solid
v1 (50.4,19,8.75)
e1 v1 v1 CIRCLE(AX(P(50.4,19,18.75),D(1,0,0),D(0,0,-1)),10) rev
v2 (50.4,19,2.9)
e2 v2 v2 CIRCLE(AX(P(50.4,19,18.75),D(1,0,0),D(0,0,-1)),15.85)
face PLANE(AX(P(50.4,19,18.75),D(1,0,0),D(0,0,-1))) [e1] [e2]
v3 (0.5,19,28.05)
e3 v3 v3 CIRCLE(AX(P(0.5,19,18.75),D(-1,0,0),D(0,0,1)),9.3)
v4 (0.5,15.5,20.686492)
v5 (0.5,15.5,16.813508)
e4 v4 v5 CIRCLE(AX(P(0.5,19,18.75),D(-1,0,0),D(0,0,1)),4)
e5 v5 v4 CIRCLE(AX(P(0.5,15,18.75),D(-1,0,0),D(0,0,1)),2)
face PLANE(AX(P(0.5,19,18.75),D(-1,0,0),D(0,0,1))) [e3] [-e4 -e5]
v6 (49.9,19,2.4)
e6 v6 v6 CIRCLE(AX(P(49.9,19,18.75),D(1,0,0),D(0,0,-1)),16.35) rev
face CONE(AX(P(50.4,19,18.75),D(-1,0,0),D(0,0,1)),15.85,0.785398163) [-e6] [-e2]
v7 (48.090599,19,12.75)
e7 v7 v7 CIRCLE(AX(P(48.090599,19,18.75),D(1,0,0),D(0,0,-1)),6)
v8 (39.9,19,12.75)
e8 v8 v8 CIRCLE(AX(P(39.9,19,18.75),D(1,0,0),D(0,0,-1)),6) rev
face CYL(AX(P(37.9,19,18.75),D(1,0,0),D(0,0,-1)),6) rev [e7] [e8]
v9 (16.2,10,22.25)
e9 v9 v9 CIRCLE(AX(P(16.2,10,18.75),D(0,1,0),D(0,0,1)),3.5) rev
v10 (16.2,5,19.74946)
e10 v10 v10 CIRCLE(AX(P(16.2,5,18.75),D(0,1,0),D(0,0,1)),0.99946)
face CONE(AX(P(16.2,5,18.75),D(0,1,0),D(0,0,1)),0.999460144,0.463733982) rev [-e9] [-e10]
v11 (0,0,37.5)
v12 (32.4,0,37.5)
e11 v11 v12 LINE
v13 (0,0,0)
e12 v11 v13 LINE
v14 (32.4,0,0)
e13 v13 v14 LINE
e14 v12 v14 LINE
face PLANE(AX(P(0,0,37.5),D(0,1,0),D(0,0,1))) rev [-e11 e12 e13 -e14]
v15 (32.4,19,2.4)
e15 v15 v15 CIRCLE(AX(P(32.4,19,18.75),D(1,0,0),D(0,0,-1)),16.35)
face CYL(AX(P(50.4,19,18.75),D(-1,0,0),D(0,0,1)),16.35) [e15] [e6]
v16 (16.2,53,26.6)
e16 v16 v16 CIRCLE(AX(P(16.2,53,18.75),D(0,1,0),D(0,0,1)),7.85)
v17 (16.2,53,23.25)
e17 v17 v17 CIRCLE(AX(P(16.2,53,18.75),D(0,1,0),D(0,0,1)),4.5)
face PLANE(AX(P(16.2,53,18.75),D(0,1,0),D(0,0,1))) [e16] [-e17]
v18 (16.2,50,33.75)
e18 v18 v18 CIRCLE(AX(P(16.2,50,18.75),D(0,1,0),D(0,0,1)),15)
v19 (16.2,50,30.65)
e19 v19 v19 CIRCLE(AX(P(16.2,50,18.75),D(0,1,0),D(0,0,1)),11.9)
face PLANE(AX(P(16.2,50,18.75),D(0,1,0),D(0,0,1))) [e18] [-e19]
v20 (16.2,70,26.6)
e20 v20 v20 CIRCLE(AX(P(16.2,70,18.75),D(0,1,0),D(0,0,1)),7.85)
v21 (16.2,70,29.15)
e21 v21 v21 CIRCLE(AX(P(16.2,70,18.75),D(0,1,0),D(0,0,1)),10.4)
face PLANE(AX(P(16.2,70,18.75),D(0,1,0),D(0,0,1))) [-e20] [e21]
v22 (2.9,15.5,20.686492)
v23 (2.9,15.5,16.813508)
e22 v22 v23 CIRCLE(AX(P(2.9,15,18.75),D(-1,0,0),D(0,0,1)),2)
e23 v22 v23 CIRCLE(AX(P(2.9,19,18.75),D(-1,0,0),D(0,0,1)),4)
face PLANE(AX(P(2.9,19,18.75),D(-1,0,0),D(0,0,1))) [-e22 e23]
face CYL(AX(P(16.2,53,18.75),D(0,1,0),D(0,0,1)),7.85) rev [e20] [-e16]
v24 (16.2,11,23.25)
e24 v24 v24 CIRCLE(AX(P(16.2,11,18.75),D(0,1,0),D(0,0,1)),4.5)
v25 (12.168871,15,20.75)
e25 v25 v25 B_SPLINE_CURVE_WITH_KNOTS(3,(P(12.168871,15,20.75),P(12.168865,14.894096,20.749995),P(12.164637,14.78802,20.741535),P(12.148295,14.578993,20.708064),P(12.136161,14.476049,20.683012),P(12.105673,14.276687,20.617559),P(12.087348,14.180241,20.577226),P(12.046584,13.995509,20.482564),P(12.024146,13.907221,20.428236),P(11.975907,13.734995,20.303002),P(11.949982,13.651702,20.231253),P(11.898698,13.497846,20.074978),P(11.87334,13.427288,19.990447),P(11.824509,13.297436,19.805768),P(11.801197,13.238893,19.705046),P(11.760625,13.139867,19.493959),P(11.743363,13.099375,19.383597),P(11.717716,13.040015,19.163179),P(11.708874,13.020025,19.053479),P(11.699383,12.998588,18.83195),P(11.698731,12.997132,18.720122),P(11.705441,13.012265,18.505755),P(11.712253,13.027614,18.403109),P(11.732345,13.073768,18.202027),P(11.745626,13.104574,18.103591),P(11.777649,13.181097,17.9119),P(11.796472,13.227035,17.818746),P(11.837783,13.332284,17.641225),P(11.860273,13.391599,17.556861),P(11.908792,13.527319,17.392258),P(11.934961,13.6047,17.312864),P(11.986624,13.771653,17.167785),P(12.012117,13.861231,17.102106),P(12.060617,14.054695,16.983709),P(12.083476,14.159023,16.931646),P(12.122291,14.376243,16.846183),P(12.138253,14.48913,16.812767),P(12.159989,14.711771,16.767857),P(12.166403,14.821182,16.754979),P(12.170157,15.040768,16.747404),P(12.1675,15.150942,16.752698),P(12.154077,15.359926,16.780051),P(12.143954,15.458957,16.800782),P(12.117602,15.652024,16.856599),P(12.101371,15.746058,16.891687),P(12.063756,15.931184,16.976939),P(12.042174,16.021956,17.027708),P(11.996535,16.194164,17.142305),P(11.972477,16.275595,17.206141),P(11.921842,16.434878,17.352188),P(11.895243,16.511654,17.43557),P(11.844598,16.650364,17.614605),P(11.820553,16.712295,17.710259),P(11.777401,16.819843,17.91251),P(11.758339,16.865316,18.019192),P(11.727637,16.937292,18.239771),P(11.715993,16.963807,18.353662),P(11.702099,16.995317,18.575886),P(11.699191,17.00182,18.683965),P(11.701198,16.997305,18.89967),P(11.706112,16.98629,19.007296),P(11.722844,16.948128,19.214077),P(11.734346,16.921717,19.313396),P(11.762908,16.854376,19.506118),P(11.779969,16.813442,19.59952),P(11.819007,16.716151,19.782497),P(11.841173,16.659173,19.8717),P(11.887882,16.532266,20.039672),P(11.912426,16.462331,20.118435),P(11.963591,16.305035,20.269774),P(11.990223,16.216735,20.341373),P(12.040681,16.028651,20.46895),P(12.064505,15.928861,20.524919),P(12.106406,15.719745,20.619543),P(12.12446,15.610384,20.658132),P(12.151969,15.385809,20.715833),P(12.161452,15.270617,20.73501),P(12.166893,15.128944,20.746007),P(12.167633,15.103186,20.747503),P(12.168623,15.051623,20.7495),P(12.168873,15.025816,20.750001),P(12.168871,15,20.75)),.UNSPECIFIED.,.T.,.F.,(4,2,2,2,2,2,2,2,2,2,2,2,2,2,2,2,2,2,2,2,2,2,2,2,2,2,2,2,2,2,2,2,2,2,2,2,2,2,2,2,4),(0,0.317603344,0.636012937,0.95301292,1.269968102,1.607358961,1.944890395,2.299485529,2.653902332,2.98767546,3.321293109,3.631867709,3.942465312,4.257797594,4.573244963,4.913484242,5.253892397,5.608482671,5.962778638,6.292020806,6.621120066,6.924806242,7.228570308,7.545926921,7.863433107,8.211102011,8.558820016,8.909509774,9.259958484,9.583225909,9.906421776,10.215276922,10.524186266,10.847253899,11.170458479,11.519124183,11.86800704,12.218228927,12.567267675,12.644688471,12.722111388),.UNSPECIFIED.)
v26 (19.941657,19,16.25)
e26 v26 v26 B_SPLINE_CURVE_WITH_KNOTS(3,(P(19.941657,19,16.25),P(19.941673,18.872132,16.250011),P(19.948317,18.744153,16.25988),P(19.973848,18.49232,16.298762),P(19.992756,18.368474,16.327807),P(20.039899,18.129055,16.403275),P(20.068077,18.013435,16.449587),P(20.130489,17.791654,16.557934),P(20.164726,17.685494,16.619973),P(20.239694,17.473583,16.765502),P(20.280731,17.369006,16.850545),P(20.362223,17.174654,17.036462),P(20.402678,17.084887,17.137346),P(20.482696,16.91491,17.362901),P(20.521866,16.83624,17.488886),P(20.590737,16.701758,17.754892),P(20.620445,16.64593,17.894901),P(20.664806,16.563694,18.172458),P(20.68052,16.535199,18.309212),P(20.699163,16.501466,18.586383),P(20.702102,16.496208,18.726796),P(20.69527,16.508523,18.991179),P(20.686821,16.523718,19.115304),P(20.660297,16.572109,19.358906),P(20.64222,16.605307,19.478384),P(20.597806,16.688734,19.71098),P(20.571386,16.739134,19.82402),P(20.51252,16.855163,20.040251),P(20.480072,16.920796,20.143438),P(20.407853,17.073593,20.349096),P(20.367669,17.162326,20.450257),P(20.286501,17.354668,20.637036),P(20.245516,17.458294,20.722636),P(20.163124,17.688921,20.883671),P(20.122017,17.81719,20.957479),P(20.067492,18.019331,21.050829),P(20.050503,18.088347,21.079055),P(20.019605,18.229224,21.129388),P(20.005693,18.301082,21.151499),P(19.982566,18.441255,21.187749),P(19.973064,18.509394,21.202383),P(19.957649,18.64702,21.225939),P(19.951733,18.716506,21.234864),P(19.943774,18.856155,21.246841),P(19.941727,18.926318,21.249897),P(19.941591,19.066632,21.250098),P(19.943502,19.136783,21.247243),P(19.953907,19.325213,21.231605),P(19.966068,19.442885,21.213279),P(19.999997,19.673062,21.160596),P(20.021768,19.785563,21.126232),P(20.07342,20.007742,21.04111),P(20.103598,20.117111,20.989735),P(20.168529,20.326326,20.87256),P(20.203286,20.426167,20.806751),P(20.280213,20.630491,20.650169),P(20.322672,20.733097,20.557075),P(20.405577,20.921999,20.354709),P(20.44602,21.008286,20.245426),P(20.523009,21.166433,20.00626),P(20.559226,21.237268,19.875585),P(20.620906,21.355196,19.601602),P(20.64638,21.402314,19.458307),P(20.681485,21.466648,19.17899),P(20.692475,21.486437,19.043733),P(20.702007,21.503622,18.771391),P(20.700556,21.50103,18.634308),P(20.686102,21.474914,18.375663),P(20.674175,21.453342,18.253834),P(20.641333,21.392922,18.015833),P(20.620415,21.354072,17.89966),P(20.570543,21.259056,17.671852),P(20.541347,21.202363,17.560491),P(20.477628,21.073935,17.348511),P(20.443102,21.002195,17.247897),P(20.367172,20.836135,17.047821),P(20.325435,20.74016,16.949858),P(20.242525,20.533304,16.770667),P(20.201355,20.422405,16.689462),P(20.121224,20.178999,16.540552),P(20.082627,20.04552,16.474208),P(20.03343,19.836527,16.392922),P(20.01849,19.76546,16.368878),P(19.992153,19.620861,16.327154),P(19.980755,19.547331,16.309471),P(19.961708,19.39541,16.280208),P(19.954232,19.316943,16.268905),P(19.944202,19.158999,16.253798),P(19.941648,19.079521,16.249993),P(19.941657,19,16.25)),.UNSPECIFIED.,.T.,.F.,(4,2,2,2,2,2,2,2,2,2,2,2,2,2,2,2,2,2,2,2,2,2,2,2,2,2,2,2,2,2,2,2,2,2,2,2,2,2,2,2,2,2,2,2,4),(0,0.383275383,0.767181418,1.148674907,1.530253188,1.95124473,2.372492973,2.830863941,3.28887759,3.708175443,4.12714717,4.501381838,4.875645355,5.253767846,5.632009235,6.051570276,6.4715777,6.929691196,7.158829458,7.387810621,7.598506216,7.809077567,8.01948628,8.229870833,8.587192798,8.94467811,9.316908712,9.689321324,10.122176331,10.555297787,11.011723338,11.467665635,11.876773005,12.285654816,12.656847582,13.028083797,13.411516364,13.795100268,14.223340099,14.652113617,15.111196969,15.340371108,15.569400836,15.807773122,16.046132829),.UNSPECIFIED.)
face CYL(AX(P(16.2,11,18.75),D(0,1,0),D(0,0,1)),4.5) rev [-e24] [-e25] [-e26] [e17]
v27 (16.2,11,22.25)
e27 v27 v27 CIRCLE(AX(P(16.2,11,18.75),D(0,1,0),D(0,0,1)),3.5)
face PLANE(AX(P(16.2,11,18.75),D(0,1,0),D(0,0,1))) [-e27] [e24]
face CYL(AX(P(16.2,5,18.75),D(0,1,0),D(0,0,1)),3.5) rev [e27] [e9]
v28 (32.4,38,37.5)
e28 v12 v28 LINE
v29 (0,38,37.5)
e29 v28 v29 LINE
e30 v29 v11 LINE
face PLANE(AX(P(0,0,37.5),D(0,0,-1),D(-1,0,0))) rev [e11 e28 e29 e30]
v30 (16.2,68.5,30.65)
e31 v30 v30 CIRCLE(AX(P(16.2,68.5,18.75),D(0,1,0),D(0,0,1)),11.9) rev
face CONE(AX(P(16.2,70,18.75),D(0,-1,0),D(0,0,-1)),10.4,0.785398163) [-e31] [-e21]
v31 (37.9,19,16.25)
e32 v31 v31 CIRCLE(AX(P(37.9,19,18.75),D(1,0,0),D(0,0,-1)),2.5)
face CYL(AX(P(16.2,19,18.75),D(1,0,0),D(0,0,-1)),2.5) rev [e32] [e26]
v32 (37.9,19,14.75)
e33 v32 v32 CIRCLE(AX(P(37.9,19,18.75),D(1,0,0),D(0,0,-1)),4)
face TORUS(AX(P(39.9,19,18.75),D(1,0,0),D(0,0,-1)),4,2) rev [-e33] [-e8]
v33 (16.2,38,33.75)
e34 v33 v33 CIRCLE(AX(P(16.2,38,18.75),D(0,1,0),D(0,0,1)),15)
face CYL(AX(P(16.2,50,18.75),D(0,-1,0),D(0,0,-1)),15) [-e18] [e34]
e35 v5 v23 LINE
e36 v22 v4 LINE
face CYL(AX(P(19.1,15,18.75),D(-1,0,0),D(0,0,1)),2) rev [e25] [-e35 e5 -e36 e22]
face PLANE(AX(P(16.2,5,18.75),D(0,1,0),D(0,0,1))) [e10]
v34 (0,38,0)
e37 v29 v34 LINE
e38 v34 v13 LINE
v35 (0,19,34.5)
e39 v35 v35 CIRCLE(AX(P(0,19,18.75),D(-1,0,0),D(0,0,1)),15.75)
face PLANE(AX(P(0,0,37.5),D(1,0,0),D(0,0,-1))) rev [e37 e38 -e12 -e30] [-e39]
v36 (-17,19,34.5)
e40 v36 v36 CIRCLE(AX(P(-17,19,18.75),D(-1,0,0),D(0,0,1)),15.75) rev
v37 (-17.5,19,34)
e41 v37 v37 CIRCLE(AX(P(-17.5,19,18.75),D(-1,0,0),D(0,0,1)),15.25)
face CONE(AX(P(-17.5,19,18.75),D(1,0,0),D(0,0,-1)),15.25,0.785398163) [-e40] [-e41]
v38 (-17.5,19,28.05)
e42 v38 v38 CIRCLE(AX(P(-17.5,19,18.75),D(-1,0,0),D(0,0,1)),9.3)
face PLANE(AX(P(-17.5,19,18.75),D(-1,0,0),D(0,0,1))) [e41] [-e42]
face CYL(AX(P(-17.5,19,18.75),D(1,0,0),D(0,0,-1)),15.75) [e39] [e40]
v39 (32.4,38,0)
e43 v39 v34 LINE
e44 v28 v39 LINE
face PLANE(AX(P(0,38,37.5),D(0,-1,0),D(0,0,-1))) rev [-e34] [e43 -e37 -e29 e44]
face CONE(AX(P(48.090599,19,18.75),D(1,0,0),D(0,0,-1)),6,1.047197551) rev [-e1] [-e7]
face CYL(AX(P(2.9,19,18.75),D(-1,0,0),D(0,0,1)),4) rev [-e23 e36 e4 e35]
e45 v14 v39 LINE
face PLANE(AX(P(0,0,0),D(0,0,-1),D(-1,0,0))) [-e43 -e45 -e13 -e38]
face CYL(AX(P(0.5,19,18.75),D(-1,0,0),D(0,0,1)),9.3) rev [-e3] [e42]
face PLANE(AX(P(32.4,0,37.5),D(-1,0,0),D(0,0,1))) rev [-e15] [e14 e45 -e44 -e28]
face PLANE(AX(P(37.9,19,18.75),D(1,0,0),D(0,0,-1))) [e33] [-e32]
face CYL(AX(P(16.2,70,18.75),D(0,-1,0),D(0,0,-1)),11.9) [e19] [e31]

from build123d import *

# Parameters (mm, degrees)
SKETCH_1_W          = 32.4
SKETCH_1_H          = 38
EXTRUDE_1_DEPTH     = 37.5
SKETCH_4_R          = 15.75
EXTRUDE_2_DEPTH     = 17.5
SKETCH_5_R          = 9.3
CUT_EXTRUDE_1_DEPTH = 18
SKETCH_6_R          = 4
CUT_EXTRUDE_2_DEPTH = 2.4
SKETCH_7_R          = 2
CUT_EXTRUDE_3_DEPTH = 18.6
SKETCH_8_R          = 16.35
EXTRUDE_3_DEPTH     = 18
SKETCH_9_R          = 6
CUT_EXTRUDE_4_DEPTH = 12.5
CHAMFER_1_SIZE      = 4
CHAMFER_1_SIZE2     = 2.309401077
SKETCH_10_R         = 2.5
CUT_EXTRUDE_5_DEPTH = 21.7
FILLET_1_R          = 2
SKETCH_11_R         = 15
EXTRUDE_4_DEPTH     = 12
SKETCH_12_R         = 11.9
EXTRUDE_5_DEPTH     = 20
SKETCH_13_R         = 7.85
CUT_EXTRUDE_6_DEPTH = 17
SKETCH_14_R         = 4.5
CUT_EXTRUDE_7_DEPTH = 42
CHAMFER_2_SIZE      = 1.5
CHAMFER_4_SIZE      = 0.5
CHAMFER_5_SIZE      = 0.5
SKETCH_15_R         = 3.5
CUT_EXTRUDE_8_DEPTH = 6
CHAMFER_6_SIZE      = 5
CHAMFER_6_SIZE2     = 2.500539856


with BuildPart() as part:
    # Эскиз1 → Бобышка-Вытянуть1 (new body)
    with BuildSketch(Plane.XY):
        with Locations((16.2, 19)):
            Rectangle(SKETCH_1_W, SKETCH_1_H)
    extrude(amount=EXTRUDE_1_DEPTH)

    # Эскиз4 → Бобышка-Вытянуть2 (add)
    with BuildSketch(Plane.ZY):
        with Locations((18.75, 19)):
            Circle(SKETCH_4_R)
    extrude(amount=EXTRUDE_2_DEPTH)

    # Эскиз5 → Вырез-Вытянуть1 (cut)
    with BuildSketch(Plane.ZY.offset(17.5)):
        with Locations((18.75, 19)):
            Circle(SKETCH_5_R)
    extrude(amount=-CUT_EXTRUDE_1_DEPTH, mode=Mode.SUBTRACT)

    # Эскиз6 → Вырез-Вытянуть2 (cut)
    with BuildSketch(Plane.ZY.offset(-0.5)):
        with Locations((18.75, 19)):
            Circle(SKETCH_6_R)
    extrude(amount=-CUT_EXTRUDE_2_DEPTH, mode=Mode.SUBTRACT)

    # Эскиз7 → Вырез-Вытянуть3 (cut)
    with BuildSketch(Plane.ZY.offset(-0.5)):
        with Locations((18.75, 15)):
            Circle(SKETCH_7_R)
    extrude(amount=-CUT_EXTRUDE_3_DEPTH, mode=Mode.SUBTRACT)

    # Эскиз8 → Бобышка-Вытянуть3 (add)
    with BuildSketch(Plane(origin=(32.4, 0, 0), x_dir=(0, 0, -1), z_dir=(1, 0, 0))):
        with Locations((-18.75, 19)):
            Circle(SKETCH_8_R)
    extrude(amount=EXTRUDE_3_DEPTH)

    # Эскиз9 → Вырез-Вытянуть4 (cut)
    with BuildSketch(Plane(origin=(50.4, 0, 0), x_dir=(0, 0, -1), z_dir=(1, 0, 0))):
        with Locations((-18.75, 19)):
            Circle(SKETCH_9_R)
    extrude(amount=-CUT_EXTRUDE_4_DEPTH, mode=Mode.SUBTRACT)

    # Фаска1
    chamfer_1_edges = [part.edges().sort_by_distance(p)[0] for p in [
        (50.4, 19, 24.75),
    ]]
    chamfer_1_side = [part.faces().sort_by_distance(p)[0] for p in [
        (50.4, 19, 34.637552165),
    ]]
    chamfer(chamfer_1_edges, length=CHAMFER_1_SIZE, length2=CHAMFER_1_SIZE2, reference=chamfer_1_side[0])

    # Эскиз10 → Вырез-Вытянуть5 (cut)
    with BuildSketch(Plane(origin=(37.9, 0, 0), x_dir=(0, 0, -1), z_dir=(1, 0, 0))):
        with Locations((-18.75, 19)):
            Circle(SKETCH_10_R)
    extrude(amount=-CUT_EXTRUDE_5_DEPTH, mode=Mode.SUBTRACT)

    # Скругление1
    fillet_1_edges = [part.edges().sort_by_distance(p)[0] for p in [
        (37.9, 19, 24.75),
    ]]
    fillet(fillet_1_edges, radius=FILLET_1_R)

    # Эскиз11 → Бобышка-Вытянуть4 (add)
    with BuildSketch(Plane(origin=(0, 38, 0), x_dir=(1, 0, 0), z_dir=(0, 1, 0))):
        with Locations((16.2, -18.75)):
            Circle(SKETCH_11_R)
    extrude(amount=EXTRUDE_4_DEPTH)

    # Эскиз12 → Бобышка-Вытянуть5 (add)
    with BuildSketch(Plane(origin=(0, 50, 0), x_dir=(1, 0, 0), z_dir=(0, 1, 0))):
        with Locations((16.2, -18.75)):
            Circle(SKETCH_12_R)
    extrude(amount=EXTRUDE_5_DEPTH)

    # Эскиз13 → Вырез-Вытянуть6 (cut)
    with BuildSketch(Plane(origin=(0, 70, 0), x_dir=(1, 0, 0), z_dir=(0, 1, 0))):
        with Locations((16.2, -18.75)):
            Circle(SKETCH_13_R)
    extrude(amount=-CUT_EXTRUDE_6_DEPTH, mode=Mode.SUBTRACT)

    # Эскиз14 → Вырез-Вытянуть7 (cut)
    with BuildSketch(Plane(origin=(0, 53, 0), x_dir=(1, 0, 0), z_dir=(0, 1, 0))):
        with Locations((16.2, -18.75)):
            Circle(SKETCH_14_R)
    extrude(amount=-CUT_EXTRUDE_7_DEPTH, mode=Mode.SUBTRACT)

    # Фаска2
    chamfer_2_edges = [part.edges().sort_by_distance(p)[0] for p in [
        (4.3, 70, 18.75),
    ]]
    chamfer(chamfer_2_edges, length=CHAMFER_2_SIZE)

    # Фаска4
    chamfer_4_edges = [part.edges().sort_by_distance(p)[0] for p in [
        (-17.5, 19, 3),
    ]]
    chamfer(chamfer_4_edges, length=CHAMFER_4_SIZE)

    # Фаска5
    chamfer_5_edges = [part.edges().sort_by_distance(p)[0] for p in [
        (50.4, 19, 35.1),
    ]]
    chamfer(chamfer_5_edges, length=CHAMFER_5_SIZE)

    # Эскиз15 → Вырез-Вытянуть8 (cut)
    with BuildSketch(Plane(origin=(0, 11, 0), x_dir=(1, 0, 0), z_dir=(0, 1, 0))):
        with Locations((16.2, -18.75)):
            Circle(SKETCH_15_R)
    extrude(amount=-CUT_EXTRUDE_8_DEPTH, mode=Mode.SUBTRACT)

    # Фаска6
    chamfer_6_edges = [part.edges().sort_by_distance(p)[0] for p in [
        (12.7, 5, 18.75),
    ]]
    chamfer_6_side = [part.faces().sort_by_distance(p)[0] for p in [
        (12.7, 8, 18.75),
    ]]
    chamfer(chamfer_6_edges, length=CHAMFER_6_SIZE, length2=CHAMFER_6_SIZE2, reference=chamfer_6_side[0])


solid = part.part
